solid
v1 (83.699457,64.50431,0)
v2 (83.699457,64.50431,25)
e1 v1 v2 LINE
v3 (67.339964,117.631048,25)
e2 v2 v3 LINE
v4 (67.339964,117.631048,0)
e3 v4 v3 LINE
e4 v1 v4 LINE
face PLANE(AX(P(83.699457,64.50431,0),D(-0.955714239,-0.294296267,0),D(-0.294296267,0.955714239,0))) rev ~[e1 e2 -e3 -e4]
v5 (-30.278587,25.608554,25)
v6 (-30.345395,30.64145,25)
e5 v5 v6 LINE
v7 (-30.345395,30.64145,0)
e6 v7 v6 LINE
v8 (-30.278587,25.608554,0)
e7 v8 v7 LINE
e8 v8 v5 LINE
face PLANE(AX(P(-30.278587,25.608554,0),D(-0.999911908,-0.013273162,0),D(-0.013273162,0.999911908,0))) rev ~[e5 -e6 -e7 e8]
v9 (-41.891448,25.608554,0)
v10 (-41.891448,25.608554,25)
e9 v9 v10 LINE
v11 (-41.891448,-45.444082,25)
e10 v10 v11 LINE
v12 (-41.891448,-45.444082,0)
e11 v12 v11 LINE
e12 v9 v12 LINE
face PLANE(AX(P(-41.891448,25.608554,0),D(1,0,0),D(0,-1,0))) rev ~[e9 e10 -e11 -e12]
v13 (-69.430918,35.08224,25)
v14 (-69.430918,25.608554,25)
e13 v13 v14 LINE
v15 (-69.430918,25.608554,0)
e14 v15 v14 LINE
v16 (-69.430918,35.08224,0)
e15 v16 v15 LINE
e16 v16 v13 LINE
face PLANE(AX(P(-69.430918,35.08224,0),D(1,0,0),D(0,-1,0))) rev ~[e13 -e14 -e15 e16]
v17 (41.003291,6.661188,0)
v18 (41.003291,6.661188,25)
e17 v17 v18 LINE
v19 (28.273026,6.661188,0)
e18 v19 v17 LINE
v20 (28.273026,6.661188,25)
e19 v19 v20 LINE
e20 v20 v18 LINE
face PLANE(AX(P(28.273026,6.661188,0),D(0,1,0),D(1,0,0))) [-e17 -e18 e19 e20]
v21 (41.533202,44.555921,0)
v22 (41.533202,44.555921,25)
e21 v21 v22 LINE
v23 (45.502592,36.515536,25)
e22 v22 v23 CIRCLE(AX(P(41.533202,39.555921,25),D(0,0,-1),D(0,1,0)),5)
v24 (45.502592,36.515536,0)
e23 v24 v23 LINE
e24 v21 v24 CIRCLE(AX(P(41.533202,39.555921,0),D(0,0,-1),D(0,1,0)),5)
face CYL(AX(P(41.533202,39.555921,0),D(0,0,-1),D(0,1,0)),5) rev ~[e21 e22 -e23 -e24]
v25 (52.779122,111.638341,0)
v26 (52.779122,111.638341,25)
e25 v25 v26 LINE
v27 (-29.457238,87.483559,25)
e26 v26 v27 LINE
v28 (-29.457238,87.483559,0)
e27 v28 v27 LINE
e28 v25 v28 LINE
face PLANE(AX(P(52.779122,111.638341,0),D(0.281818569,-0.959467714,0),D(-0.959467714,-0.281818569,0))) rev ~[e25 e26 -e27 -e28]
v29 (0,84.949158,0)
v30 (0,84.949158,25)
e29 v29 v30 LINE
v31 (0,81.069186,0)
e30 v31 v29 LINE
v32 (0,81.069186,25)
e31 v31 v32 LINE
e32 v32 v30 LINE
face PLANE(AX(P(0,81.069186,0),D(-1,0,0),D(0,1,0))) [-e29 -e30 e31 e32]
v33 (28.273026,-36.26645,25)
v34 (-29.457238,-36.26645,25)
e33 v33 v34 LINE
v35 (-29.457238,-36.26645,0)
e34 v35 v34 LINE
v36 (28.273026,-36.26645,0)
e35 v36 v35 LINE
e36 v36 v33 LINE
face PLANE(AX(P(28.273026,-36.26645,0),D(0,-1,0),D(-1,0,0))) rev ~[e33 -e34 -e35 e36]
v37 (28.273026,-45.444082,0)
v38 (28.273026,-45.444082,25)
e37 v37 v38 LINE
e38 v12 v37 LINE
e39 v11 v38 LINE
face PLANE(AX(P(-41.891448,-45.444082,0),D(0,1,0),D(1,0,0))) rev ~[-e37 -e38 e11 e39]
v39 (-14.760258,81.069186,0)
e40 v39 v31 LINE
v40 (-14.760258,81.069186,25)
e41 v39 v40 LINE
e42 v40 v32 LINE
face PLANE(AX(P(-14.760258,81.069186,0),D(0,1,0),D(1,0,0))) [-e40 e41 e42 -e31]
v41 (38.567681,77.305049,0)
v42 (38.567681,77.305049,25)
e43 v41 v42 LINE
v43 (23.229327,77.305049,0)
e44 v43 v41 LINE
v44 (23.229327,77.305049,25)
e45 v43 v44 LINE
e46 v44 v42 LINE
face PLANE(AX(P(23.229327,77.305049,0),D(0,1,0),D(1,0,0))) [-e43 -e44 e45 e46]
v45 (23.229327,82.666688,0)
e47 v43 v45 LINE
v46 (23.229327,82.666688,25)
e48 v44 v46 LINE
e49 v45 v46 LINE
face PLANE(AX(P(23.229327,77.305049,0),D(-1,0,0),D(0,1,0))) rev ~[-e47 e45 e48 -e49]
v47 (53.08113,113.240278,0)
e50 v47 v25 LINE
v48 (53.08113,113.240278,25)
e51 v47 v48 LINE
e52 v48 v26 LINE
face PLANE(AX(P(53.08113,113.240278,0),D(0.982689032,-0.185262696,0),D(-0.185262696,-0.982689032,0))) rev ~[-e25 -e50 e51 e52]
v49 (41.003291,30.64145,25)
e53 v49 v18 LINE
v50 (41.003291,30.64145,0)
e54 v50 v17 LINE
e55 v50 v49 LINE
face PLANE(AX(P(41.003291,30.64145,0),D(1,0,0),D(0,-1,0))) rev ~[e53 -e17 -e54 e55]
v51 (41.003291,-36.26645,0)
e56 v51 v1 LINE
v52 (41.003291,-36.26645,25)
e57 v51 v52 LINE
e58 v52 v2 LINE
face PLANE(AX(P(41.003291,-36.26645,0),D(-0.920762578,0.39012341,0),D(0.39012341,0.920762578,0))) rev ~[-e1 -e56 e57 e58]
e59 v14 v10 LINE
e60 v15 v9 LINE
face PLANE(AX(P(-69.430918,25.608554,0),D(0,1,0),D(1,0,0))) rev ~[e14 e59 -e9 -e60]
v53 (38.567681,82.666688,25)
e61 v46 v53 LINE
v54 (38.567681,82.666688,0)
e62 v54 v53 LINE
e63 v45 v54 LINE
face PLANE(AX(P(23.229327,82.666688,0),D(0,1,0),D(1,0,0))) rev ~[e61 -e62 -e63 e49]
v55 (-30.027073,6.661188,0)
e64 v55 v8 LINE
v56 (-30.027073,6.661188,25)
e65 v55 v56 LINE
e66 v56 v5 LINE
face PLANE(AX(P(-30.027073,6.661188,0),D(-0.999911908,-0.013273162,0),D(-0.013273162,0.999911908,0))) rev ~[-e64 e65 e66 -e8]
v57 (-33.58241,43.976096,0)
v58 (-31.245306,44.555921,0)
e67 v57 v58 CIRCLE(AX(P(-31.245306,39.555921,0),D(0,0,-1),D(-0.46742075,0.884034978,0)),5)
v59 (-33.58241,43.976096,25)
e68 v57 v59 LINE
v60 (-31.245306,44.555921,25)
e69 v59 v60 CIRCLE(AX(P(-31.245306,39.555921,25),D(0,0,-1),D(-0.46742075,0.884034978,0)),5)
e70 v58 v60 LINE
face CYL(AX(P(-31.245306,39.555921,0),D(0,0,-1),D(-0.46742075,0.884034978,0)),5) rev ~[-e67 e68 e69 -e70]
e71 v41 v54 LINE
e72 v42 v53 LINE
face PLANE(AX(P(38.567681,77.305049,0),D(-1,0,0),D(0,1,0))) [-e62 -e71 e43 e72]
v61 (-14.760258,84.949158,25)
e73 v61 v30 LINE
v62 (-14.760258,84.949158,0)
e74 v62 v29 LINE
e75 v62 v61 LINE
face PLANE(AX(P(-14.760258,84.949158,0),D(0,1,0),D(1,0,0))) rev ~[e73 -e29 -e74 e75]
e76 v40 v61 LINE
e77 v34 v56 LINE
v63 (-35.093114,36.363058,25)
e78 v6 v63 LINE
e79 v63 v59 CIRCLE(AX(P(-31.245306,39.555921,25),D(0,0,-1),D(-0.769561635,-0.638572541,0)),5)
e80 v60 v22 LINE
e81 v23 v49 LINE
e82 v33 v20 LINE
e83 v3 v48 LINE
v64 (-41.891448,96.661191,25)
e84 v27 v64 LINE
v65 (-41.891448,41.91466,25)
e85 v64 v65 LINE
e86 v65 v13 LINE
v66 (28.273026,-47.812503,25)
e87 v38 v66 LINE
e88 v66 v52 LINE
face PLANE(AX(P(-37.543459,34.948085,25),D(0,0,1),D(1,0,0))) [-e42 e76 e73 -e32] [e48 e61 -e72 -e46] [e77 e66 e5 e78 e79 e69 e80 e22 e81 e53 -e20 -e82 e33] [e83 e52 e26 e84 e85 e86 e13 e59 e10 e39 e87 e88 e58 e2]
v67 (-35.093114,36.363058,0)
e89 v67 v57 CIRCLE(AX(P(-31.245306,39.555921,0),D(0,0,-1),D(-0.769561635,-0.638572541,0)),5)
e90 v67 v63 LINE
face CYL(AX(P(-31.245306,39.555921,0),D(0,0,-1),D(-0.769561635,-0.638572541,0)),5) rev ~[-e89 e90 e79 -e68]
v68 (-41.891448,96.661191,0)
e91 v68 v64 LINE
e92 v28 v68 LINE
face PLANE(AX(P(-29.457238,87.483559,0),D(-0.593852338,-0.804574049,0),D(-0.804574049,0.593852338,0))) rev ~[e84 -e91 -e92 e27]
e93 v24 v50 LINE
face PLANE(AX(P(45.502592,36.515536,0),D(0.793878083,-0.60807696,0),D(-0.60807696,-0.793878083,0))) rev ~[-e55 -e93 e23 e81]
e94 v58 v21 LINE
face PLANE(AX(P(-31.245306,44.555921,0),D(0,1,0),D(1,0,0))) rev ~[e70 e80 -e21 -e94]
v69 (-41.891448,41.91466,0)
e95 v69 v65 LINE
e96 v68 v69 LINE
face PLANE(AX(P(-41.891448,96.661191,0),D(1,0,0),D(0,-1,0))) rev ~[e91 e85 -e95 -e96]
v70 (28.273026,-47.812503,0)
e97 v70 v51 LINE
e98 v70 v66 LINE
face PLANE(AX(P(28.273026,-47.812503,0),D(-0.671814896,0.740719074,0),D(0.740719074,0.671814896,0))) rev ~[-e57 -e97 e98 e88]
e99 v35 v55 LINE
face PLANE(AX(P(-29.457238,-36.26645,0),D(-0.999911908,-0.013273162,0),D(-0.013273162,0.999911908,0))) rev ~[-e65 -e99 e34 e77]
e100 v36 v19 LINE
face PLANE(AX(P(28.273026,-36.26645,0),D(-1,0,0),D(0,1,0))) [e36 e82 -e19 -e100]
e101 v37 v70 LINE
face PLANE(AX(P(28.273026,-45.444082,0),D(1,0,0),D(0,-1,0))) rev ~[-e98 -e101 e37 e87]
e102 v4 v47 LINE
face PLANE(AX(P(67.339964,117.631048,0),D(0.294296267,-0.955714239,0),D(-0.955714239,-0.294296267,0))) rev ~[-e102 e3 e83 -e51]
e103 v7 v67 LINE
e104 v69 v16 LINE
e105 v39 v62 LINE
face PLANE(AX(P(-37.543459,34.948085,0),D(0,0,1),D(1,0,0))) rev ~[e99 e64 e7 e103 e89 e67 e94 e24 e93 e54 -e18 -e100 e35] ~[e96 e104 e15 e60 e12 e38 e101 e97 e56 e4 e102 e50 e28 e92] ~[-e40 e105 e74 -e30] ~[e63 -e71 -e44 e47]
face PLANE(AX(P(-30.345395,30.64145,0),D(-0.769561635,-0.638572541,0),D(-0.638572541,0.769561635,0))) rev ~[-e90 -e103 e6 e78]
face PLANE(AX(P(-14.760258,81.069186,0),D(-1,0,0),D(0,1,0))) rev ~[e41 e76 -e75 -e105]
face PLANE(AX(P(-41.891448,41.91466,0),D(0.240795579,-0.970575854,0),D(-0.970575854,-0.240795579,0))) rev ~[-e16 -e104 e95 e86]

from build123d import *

# Parameters (mm, degrees)
F0_W     = 14.7602576762
F0_H     = 3.8799718022
F0_W_2   = 15.3383538127
F0_H_2   = 5.3616389632
F0_W_3   = 12.7302650362
F0_H_3   = 42.9276376963
F1_DEPTH = 25


with BuildPart() as f1:
    # F0 (on Top) → F1 (new body)
    with BuildSketch(Plane.XY):
        with BuildLine():
            Line((-41.8914481997, 25.6085544825), (-30.3453952074, 30.6414496154))
            Line((-30.3453952074, 30.6414496154), (-35.0931140335, 36.3630584026))
            ThreePointArc((-35.0931140335, 36.3630584026), (-36.1496783198, 40.5291275429), (-33.5824096079, 43.9760959986))
            Line((-33.5824096079, 43.9760959986), (-41.8914481997, 41.9146602538))
            Line((-41.8914481997, 41.9146602538), (-41.8914481997, 25.6085544825))
        make_face()
        Polygon((-30.2785868891, 25.6085544824), (-30.3453952074, 30.6414496154), (-41.8914481997, 25.6085544825), align=None)
        Polygon((-30.0270732639, 6.6611878574), (-30.2785868891, 25.6085544824), (-41.8914481997, 25.6085544825), (-41.8914481997, -45.4440824687), (-29.4572375715, -36.2664498389), align=None)
        Polygon((-69.4309175014, 25.6085544825), (-41.8914481997, 25.6085544825), (-41.8914481997, 41.9146602538), (-69.4309175014, 35.0822396576), align=None)
        Polygon((-29.4572375715, 87.4835588038), (-30.0270732639, 44.5559211075), (38.9467375503, 44.5559211075), align=None)
        with BuildLine():
            Line((-31.2453058591, 44.5559211075), (-30.0270732639, 44.5559211075))
            Line((-30.0270732639, 44.5559211075), (-29.4572375715, 87.4835588038))
            Line((-29.4572375715, 87.4835588038), (-41.8914481997, 96.6611914337))
            Line((-41.8914481997, 96.6611914337), (-41.8914481997, 41.9146602538))
            Line((-41.8914481997, 41.9146602538), (-33.5824096079, 43.9760959986))
            ThreePointArc((-33.5824096079, 43.9760959986), (-32.4492837544, 44.4088003794), (-31.2453058591, 44.5559211075))
        make_face()
        Polygon((-29.4572375715, -36.2664498389), (-41.8914481997, -45.4440824687), (28.2730255276, -45.4440824687), (28.2730255276, -36.2664498389), align=None)
        with BuildLine():
            Line((45.5025919776, 36.5155363053), (41.0032905638, 30.6414496154))
            Line((41.0032905638, 30.6414496154), (41.0032905638, 6.6611878574))
            Line((41.0032905638, 6.6611878574), (41.0032905638, -36.2664498389))
            Line((41.0032905638, -36.2664498389), (83.6994573474, 64.5043104887))
            Line((83.6994573474, 64.5043104887), (67.339964211, 117.6310479641))
            Line((67.339964211, 117.6310479641), (53.0811295514, 113.2402775379))
            Line((53.0811295514, 113.2402775379), (52.7791223524, 111.6383405707))
            Line((52.7791223524, 111.6383405707), (40.1323241217, 44.5559211075))
            Line((40.1323241217, 44.5559211075), (41.5332015641, 44.5559211075))
            ThreePointArc((41.5332015641, 44.5559211075), (46.0166112047, 41.7692981641), (45.5025919776, 36.5155363053))
        make_face()
        Polygon((-29.4572375715, 87.4835588038), (38.9467375503, 44.5559211075), (40.1323241217, 44.5559211075), (52.7791223524, 111.6383405707), align=None)
        with Locations((-7.3801288381, 83.009172231)):
            Rectangle(F0_W, F0_H, mode=Mode.SUBTRACT)
        with Locations((30.8985039592, 79.9858681858)):
            Rectangle(F0_W_2, F0_H_2, mode=Mode.SUBTRACT)
        with Locations((34.6381580457, -14.8026309907)):
            Rectangle(F0_W_3, F0_H_3)
        Polygon((28.2730255276, -36.2664498389), (28.2730255276, -45.4440824687), (28.2730255276, -47.8125028312), (41.0032905638, -36.2664498389), align=None)
    extrude(amount=F1_DEPTH)


solid = f1.part
